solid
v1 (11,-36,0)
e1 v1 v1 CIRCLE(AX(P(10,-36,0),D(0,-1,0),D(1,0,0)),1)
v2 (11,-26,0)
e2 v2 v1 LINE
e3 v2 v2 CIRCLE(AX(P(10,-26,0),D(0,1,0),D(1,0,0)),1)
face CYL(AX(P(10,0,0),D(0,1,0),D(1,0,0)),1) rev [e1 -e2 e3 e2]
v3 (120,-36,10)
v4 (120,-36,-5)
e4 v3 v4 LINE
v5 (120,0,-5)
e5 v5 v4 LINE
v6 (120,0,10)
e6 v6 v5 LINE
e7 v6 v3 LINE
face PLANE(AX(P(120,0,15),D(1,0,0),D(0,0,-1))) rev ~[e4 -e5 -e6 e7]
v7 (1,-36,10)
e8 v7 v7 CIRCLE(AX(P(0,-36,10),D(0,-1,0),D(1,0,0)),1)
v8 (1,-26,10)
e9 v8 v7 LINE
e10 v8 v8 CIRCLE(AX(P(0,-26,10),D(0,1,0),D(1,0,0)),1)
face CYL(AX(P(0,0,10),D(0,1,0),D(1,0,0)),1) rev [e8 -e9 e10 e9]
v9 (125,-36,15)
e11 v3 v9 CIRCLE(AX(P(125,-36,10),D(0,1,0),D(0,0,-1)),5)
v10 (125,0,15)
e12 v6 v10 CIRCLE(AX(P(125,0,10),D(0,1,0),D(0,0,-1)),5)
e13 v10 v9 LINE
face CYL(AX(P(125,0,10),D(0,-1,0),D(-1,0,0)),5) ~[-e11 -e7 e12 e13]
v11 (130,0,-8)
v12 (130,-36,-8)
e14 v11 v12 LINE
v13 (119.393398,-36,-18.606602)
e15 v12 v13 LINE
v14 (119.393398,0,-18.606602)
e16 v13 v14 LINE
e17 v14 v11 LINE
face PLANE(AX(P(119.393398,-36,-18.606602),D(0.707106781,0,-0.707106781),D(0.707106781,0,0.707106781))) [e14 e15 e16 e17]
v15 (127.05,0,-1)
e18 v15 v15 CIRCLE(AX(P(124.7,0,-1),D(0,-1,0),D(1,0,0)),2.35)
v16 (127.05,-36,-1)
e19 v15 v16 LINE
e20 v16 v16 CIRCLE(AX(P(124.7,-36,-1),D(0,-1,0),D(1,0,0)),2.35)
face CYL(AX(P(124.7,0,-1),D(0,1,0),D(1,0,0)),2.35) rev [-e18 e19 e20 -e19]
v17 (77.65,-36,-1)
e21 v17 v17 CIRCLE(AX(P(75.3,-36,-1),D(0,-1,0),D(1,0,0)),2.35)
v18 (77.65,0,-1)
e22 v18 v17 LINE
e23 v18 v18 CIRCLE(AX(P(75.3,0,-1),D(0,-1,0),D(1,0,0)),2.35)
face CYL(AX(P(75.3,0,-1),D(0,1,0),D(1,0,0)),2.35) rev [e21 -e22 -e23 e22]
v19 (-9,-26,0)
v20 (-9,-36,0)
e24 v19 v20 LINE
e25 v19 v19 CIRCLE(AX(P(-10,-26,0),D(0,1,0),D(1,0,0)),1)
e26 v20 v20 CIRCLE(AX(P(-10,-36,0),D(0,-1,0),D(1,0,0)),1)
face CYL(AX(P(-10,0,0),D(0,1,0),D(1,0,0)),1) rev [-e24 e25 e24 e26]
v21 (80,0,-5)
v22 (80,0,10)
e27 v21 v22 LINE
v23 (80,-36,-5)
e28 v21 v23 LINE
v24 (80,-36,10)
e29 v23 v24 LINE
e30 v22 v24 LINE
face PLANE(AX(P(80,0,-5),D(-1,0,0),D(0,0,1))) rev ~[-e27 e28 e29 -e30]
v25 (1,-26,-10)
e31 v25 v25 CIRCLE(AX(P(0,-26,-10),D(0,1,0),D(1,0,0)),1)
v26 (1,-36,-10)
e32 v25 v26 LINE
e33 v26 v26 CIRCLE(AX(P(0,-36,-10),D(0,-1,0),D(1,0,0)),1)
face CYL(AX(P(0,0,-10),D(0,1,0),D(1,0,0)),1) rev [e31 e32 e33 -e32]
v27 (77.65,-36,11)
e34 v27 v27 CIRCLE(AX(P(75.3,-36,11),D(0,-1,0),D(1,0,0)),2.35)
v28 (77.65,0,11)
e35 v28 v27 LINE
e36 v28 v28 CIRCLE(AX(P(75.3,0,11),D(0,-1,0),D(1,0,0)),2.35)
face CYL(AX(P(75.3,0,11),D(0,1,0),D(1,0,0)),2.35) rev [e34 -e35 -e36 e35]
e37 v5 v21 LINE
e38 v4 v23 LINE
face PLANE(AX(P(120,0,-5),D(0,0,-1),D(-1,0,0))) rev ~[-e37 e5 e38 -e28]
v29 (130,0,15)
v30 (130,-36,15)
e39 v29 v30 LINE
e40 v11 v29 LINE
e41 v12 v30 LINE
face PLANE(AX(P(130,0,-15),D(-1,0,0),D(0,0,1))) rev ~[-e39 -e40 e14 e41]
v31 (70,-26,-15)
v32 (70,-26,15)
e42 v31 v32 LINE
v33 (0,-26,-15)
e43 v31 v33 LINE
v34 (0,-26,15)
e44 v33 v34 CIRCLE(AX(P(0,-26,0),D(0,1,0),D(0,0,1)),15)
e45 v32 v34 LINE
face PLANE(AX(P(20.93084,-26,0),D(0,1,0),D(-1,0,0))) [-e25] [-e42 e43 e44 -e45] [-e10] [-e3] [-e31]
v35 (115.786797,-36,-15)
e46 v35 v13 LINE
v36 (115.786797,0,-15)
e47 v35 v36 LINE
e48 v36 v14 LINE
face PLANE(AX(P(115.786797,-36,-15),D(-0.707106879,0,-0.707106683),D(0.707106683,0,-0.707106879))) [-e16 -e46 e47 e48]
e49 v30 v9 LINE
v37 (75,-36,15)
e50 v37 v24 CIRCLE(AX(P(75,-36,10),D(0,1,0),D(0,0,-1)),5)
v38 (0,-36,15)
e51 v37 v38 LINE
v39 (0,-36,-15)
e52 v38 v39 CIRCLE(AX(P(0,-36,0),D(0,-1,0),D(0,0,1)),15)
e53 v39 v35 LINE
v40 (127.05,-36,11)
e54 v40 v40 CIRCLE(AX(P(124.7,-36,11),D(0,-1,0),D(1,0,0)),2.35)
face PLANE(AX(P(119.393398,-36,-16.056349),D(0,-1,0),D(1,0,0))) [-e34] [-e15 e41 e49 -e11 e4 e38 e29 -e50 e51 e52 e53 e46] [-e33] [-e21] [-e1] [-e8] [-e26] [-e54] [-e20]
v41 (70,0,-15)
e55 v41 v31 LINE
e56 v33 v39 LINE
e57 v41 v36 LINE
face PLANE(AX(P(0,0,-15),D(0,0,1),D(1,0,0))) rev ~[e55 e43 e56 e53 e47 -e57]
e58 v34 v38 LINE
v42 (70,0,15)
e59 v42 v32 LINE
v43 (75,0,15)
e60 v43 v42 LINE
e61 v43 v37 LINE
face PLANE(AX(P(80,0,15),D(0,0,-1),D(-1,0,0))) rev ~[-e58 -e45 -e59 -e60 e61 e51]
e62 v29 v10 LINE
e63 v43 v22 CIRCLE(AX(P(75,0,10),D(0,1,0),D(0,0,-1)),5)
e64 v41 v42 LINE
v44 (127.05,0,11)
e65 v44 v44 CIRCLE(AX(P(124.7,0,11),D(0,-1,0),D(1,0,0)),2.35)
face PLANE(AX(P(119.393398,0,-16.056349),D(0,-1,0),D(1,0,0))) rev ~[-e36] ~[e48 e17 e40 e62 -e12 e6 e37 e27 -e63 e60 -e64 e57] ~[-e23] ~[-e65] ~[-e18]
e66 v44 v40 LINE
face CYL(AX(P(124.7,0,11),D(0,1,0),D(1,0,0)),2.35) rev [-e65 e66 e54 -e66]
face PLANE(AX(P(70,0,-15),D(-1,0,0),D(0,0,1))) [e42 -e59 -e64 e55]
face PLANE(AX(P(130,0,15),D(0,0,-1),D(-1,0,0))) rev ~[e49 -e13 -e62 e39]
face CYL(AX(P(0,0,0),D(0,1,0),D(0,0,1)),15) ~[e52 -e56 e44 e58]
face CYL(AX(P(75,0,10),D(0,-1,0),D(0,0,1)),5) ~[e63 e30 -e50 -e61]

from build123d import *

# Parameters (mm, degrees)
F0_R     = 1
F0_R_2   = 2.35
F1_DEPTH = 36
F2_W     = 98.13832
F2_H     = 30
F3_DEPTH = 26
F4_R     = 5
F5_SIZE  = 7
F7_DEPTH = 36


with BuildPart() as f1:
    # F0 (on Front) → F1 (new body)
    with BuildSketch(Plane.XZ):
        with BuildLine():
            Line((80, 15), (0, 15))
            ThreePointArc((0, 15), (-15, 0), (0, -15))
            Line((0, -15), (130, -15))
            Line((130, -15), (130, 15))
            Line((130, 15), (120, 15))
            Line((120, 15), (120, -5))
            Line((120, -5), (80, -5))
            Line((80, -5), (80, 15))
        make_face()
        with Locations((0, -10)):
            Circle(F0_R, mode=Mode.SUBTRACT)
        with Locations((75.3, -1)):
            Circle(F0_R_2, mode=Mode.SUBTRACT)
        with Locations((124.7, -1)):
            Circle(F0_R_2, mode=Mode.SUBTRACT)
        with Locations((-10, 0)):
            Circle(F0_R, mode=Mode.SUBTRACT)
        with Locations((10, 0)):
            Circle(F0_R, mode=Mode.SUBTRACT)
        with Locations((0, 10)):
            Circle(F0_R, mode=Mode.SUBTRACT)
        with Locations((75.3, 11)):
            Circle(F0_R_2, mode=Mode.SUBTRACT)
        with Locations((124.7, 11)):
            Circle(F0_R_2, mode=Mode.SUBTRACT)
    extrude(amount=F1_DEPTH)

    # F2 (on face) → F3 (cut)
    with BuildSketch(Plane(origin=(0, 0, 0), x_dir=(-1, 0, 0), z_dir=(0, 1, 0))):
        with Locations((-20.93084, 0)):
            Rectangle(F2_W, F2_H)
    extrude(amount=-F3_DEPTH, mode=Mode.SUBTRACT)

    # F4
    f4_edges = [f1.edges().sort_by_distance(p)[0] for p in [
        (80, -18, 15),
        (120, -18, 15),
    ]]
    fillet(f4_edges, radius=F4_R)

    # F5
    f5_edges = [f1.edges().sort_by_distance(p)[0] for p in [
        (130, -18, -15),
    ]]
    chamfer(f5_edges, length=F5_SIZE)

    # F6 (on face) → F7 (join)
    with BuildSketch(Plane.XZ.offset(36)):
        Polygon((119.393398, -18.606602), (123, -15), (115.786797, -15), align=None)
    extrude(amount=-F7_DEPTH)


solid = f1.part
